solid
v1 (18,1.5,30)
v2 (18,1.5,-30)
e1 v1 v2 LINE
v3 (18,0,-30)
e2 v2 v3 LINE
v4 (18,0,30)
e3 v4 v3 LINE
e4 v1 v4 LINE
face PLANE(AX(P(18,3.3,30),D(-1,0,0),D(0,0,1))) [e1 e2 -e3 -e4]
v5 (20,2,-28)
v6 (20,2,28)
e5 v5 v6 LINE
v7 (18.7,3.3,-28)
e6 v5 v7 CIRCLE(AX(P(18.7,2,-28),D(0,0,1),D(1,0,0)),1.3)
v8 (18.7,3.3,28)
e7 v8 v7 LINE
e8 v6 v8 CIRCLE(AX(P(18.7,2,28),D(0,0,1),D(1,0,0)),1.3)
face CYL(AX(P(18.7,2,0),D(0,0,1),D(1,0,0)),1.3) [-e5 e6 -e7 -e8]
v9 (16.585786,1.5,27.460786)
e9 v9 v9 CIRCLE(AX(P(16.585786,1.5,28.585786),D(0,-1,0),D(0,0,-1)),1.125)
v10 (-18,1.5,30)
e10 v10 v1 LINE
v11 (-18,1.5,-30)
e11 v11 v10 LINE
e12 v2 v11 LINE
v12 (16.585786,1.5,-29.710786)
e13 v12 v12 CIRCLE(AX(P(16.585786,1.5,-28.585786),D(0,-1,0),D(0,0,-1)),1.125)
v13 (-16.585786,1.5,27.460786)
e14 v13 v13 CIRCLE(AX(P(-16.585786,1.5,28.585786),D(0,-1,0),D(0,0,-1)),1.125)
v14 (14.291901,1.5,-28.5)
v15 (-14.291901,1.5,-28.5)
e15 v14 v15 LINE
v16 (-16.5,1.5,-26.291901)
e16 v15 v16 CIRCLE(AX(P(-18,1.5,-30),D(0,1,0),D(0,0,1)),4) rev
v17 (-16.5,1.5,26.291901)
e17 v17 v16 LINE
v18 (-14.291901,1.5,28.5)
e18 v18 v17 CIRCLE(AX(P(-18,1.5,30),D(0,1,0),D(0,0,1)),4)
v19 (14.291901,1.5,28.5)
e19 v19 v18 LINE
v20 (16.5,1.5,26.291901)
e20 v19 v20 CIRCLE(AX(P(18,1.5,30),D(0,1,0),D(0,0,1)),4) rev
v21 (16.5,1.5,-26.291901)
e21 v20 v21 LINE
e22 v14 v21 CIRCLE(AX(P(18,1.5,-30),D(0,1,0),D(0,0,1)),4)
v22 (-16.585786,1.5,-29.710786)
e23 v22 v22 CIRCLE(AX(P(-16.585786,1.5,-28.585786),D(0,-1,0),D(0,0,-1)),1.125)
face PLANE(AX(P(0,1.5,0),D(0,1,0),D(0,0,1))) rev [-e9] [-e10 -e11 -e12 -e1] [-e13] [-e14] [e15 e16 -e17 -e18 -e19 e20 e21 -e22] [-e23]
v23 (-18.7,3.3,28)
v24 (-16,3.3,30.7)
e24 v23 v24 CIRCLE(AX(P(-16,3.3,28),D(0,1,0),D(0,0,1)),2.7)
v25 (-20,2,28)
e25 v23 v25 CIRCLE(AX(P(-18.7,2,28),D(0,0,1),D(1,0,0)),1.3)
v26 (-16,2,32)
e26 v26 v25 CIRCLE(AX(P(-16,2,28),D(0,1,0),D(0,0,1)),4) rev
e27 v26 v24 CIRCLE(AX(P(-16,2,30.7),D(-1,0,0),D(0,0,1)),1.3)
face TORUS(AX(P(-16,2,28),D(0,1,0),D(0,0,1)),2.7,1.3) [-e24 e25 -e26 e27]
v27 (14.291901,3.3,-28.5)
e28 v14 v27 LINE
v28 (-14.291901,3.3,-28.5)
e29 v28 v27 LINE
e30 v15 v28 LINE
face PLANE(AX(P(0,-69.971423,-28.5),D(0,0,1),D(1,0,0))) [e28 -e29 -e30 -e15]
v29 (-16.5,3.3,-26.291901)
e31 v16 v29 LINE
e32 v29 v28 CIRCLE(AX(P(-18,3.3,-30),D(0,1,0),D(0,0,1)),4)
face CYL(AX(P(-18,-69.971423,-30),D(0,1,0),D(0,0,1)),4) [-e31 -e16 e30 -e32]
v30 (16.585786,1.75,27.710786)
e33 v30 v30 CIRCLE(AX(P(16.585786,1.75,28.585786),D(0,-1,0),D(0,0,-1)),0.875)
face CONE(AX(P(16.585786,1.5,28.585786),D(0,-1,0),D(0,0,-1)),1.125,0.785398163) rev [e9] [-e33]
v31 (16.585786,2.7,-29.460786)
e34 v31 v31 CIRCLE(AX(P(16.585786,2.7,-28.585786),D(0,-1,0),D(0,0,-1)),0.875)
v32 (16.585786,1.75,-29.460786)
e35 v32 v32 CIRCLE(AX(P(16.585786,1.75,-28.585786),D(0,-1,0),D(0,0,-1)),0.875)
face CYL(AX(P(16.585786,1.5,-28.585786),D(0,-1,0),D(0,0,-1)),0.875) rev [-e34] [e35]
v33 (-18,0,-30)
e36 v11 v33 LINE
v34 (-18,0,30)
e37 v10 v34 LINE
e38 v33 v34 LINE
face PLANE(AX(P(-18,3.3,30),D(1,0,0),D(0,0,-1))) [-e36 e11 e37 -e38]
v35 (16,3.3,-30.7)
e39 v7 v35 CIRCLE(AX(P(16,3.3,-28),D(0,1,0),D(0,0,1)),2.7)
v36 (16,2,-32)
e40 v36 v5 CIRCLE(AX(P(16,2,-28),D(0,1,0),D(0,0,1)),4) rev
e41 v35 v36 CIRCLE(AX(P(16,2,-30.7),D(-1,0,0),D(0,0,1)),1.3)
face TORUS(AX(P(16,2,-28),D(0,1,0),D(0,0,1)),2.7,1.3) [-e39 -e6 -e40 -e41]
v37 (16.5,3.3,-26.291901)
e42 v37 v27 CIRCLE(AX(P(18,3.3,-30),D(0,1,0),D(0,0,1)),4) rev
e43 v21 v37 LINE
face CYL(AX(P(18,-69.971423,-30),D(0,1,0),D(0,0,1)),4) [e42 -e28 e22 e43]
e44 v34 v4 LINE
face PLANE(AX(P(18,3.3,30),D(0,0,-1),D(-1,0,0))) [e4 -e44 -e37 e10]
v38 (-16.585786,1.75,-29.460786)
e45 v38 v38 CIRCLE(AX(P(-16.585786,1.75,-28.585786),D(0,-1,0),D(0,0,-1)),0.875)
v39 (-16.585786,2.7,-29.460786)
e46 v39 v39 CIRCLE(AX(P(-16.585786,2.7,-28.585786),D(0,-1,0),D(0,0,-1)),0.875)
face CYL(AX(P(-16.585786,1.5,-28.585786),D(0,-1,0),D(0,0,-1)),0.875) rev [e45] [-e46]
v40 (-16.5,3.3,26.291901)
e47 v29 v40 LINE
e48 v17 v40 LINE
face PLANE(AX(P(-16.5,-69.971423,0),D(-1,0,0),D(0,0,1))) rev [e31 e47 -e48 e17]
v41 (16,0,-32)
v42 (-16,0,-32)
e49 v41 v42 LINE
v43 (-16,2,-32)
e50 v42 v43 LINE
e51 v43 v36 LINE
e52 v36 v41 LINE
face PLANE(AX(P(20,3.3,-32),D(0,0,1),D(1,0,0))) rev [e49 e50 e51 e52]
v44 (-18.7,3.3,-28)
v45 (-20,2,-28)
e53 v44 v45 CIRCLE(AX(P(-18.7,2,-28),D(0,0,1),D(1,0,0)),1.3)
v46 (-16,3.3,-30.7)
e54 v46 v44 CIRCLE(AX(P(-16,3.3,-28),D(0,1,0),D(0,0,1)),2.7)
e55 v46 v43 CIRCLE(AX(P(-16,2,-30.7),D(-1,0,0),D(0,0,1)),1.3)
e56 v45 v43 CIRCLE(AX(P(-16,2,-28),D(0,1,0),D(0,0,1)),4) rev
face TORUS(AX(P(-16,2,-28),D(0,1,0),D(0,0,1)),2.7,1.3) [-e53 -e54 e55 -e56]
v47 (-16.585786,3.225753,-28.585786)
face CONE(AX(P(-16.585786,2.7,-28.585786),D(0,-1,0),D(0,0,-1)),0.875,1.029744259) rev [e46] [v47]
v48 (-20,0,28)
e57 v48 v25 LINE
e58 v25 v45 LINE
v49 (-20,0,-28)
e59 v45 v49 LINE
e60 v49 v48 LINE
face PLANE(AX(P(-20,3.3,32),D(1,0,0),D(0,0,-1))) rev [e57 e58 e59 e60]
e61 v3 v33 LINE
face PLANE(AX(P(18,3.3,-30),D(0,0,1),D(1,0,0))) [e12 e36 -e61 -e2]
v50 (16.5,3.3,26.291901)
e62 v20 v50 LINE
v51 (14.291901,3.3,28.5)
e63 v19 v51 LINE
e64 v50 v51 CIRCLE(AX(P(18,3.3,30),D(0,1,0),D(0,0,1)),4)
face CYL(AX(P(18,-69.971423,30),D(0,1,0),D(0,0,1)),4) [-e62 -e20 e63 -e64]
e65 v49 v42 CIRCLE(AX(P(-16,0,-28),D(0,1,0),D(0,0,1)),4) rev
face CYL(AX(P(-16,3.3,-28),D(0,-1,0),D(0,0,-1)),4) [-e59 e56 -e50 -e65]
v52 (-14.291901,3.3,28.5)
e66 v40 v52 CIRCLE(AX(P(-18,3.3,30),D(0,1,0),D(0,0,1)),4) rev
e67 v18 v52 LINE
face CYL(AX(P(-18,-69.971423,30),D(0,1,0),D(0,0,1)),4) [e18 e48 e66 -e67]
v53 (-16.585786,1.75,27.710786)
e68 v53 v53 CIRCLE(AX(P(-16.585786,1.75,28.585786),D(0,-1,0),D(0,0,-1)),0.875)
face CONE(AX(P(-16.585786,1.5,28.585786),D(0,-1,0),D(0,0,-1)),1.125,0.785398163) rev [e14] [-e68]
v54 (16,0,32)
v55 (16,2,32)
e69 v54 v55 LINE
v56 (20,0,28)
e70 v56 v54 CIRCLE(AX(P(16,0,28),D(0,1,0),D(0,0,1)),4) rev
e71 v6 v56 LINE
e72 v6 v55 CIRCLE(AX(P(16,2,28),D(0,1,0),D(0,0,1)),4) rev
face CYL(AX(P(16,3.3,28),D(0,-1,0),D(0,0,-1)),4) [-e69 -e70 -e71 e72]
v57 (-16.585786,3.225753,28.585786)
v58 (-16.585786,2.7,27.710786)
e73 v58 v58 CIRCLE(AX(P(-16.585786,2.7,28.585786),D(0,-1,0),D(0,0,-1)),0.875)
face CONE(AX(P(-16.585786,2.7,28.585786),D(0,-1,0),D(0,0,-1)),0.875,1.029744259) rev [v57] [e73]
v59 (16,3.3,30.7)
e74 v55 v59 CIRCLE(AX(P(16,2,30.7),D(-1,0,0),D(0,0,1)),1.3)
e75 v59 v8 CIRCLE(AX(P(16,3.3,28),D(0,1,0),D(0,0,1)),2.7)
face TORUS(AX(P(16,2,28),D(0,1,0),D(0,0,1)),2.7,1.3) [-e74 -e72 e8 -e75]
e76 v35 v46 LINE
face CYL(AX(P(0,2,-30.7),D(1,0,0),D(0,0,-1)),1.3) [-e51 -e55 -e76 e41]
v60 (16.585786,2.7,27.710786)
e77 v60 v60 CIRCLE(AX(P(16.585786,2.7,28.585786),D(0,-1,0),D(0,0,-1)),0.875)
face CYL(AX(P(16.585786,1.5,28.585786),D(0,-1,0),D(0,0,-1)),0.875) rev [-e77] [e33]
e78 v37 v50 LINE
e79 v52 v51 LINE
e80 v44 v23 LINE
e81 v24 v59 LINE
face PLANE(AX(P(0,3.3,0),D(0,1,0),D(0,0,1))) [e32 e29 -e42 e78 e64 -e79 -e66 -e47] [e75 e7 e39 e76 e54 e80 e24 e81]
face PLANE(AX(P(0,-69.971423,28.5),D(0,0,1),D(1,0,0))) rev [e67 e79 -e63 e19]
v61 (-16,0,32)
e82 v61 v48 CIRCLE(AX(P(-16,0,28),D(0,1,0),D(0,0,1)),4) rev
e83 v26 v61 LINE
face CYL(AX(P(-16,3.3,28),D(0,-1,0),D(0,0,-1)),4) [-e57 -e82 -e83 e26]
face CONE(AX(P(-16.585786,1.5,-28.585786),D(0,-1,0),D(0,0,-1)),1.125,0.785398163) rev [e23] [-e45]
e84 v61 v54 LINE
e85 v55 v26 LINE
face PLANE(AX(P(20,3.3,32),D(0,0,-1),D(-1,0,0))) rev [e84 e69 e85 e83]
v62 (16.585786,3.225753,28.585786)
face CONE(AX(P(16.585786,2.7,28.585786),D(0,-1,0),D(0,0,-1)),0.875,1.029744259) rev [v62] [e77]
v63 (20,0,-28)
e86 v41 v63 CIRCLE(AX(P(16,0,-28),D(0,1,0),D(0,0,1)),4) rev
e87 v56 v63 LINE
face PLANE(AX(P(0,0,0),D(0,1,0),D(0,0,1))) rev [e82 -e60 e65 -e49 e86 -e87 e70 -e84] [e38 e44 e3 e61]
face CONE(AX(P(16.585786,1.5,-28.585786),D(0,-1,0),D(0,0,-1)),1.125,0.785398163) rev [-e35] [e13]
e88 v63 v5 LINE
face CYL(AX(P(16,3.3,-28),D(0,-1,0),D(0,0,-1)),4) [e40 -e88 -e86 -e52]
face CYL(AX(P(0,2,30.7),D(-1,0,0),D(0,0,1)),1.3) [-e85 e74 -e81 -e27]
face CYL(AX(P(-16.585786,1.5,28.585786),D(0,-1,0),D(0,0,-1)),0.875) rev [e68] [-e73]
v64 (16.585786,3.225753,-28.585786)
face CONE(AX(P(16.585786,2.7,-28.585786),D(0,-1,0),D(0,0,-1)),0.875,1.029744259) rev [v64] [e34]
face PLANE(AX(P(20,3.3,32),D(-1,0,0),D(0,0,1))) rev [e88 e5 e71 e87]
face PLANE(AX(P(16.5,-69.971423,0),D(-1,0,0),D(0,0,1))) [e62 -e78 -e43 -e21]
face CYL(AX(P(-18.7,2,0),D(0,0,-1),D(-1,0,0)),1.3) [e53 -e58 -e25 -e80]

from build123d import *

# Parameters (mm, degrees)
SKETCH1_W                          = 40
SKETCH1_H                          = 64
SKETCH1_W_2                        = 36
SKETCH1_H_2                        = 60
BOSS_EXTRUDE1_DEPTH                = 3.3
SKETCH3_W                          = 36
SKETCH3_H                          = 60
BOSS_EXTRUDE2_DEPTH                = 1.8
FILLET1_R                          = 4
M2_2X0_45_TAPPED_HOLE1_D           = 1.75
M2_2X0_45_TAPPED_HOLE1_DEPTH       = 1.2
M2_2X0_45_TAPPED_HOLE1_CSINK_D     = 2.25
M2_2X0_45_TAPPED_HOLE1_CSINK_ANGLE = 90
M2_2X0_45_TAPPED_HOLE1_TIP         = 0.525753042
FILLET3_R                          = 1.3


with BuildPart() as part:
    # Sketch1 → Boss-Extrude1 (new body)
    with BuildSketch(Plane(origin=(0, 0, 0), x_dir=(1, 0, 0), z_dir=(0, 1, 0))):
        Rectangle(SKETCH1_W, SKETCH1_H)
        Rectangle(SKETCH1_W_2, SKETCH1_H_2, mode=Mode.SUBTRACT)
    extrude(amount=BOSS_EXTRUDE1_DEPTH)

    # Sketch3 → Boss-Extrude2 (add)
    with BuildSketch(Plane(origin=(0, 3.3, 0), x_dir=(1, 0, 0), z_dir=(0, 1, 0))):
        Rectangle(SKETCH3_W, SKETCH3_H)
        with BuildLine():
            ThreePointArc((14.291900756, 28.5), (15.171572875, 27.171572875), (16.5, 26.291900756))
            Line((16.5, 26.291900756), (16.5, -26.291900756))
            ThreePointArc((16.5, -26.291900756), (15.171572875, -27.171572875), (14.291900756, -28.5))
            Line((14.291900756, -28.5), (-14.291900756, -28.5))
            ThreePointArc((-14.291900756, -28.5), (-15.171572875, -27.171572875), (-16.5, -26.291900756))
            Line((-16.5, -26.291900756), (-16.5, 26.291900756))
            ThreePointArc((-16.5, 26.291900756), (-15.171572875, 27.171572875), (-14.291900756, 28.5))
            Line((-14.291900756, 28.5), (14.291900756, 28.5))
        make_face(mode=Mode.SUBTRACT)
    extrude(amount=-BOSS_EXTRUDE2_DEPTH)

    # Fillet1
    fillet1_edges = [part.edges().sort_by_distance(p)[0] for p in [
        (-20, 1.65, -32),
        (20, 1.65, -32),
        (20, 1.65, 32),
        (-20, 1.65, 32),
    ]]
    fillet(fillet1_edges, radius=FILLET1_R)

    # M2.2x0.45 Tapped Hole1
    with Locations(Plane.XZ.offset(-1.5)):
        with Locations((-16.585786438, 28.585786438), (16.585786438, 28.585786438), (-16.585786438, -28.585786438), (16.585786438, -28.585786438)):
            CounterSinkHole(M2_2X0_45_TAPPED_HOLE1_D / 2, M2_2X0_45_TAPPED_HOLE1_CSINK_D / 2, depth=M2_2X0_45_TAPPED_HOLE1_DEPTH, counter_sink_angle=M2_2X0_45_TAPPED_HOLE1_CSINK_ANGLE)
            with Locations((0, 0, -(M2_2X0_45_TAPPED_HOLE1_DEPTH + M2_2X0_45_TAPPED_HOLE1_TIP / 2))):  # 118° drill point
                Cone(0, M2_2X0_45_TAPPED_HOLE1_D / 2, M2_2X0_45_TAPPED_HOLE1_TIP, mode=Mode.SUBTRACT)

    # Fillet3
    fillet3_edges = [part.edges().sort_by_distance(p)[0] for p in [
        (0, 3.3, -32),
        (20, 3.3, 0),
        (-20, 3.3, 0),
        (0, 3.3, 32),
        (-18.828427125, 3.3, 30.828427125),
        (18.828427125, 3.3, 30.828427125),
        (-18.828427125, 3.3, -30.828427125),
        (18.828427125, 3.3, -30.828427125),
    ]]
    fillet(fillet3_edges, radius=FILLET3_R)


solid = part.part
